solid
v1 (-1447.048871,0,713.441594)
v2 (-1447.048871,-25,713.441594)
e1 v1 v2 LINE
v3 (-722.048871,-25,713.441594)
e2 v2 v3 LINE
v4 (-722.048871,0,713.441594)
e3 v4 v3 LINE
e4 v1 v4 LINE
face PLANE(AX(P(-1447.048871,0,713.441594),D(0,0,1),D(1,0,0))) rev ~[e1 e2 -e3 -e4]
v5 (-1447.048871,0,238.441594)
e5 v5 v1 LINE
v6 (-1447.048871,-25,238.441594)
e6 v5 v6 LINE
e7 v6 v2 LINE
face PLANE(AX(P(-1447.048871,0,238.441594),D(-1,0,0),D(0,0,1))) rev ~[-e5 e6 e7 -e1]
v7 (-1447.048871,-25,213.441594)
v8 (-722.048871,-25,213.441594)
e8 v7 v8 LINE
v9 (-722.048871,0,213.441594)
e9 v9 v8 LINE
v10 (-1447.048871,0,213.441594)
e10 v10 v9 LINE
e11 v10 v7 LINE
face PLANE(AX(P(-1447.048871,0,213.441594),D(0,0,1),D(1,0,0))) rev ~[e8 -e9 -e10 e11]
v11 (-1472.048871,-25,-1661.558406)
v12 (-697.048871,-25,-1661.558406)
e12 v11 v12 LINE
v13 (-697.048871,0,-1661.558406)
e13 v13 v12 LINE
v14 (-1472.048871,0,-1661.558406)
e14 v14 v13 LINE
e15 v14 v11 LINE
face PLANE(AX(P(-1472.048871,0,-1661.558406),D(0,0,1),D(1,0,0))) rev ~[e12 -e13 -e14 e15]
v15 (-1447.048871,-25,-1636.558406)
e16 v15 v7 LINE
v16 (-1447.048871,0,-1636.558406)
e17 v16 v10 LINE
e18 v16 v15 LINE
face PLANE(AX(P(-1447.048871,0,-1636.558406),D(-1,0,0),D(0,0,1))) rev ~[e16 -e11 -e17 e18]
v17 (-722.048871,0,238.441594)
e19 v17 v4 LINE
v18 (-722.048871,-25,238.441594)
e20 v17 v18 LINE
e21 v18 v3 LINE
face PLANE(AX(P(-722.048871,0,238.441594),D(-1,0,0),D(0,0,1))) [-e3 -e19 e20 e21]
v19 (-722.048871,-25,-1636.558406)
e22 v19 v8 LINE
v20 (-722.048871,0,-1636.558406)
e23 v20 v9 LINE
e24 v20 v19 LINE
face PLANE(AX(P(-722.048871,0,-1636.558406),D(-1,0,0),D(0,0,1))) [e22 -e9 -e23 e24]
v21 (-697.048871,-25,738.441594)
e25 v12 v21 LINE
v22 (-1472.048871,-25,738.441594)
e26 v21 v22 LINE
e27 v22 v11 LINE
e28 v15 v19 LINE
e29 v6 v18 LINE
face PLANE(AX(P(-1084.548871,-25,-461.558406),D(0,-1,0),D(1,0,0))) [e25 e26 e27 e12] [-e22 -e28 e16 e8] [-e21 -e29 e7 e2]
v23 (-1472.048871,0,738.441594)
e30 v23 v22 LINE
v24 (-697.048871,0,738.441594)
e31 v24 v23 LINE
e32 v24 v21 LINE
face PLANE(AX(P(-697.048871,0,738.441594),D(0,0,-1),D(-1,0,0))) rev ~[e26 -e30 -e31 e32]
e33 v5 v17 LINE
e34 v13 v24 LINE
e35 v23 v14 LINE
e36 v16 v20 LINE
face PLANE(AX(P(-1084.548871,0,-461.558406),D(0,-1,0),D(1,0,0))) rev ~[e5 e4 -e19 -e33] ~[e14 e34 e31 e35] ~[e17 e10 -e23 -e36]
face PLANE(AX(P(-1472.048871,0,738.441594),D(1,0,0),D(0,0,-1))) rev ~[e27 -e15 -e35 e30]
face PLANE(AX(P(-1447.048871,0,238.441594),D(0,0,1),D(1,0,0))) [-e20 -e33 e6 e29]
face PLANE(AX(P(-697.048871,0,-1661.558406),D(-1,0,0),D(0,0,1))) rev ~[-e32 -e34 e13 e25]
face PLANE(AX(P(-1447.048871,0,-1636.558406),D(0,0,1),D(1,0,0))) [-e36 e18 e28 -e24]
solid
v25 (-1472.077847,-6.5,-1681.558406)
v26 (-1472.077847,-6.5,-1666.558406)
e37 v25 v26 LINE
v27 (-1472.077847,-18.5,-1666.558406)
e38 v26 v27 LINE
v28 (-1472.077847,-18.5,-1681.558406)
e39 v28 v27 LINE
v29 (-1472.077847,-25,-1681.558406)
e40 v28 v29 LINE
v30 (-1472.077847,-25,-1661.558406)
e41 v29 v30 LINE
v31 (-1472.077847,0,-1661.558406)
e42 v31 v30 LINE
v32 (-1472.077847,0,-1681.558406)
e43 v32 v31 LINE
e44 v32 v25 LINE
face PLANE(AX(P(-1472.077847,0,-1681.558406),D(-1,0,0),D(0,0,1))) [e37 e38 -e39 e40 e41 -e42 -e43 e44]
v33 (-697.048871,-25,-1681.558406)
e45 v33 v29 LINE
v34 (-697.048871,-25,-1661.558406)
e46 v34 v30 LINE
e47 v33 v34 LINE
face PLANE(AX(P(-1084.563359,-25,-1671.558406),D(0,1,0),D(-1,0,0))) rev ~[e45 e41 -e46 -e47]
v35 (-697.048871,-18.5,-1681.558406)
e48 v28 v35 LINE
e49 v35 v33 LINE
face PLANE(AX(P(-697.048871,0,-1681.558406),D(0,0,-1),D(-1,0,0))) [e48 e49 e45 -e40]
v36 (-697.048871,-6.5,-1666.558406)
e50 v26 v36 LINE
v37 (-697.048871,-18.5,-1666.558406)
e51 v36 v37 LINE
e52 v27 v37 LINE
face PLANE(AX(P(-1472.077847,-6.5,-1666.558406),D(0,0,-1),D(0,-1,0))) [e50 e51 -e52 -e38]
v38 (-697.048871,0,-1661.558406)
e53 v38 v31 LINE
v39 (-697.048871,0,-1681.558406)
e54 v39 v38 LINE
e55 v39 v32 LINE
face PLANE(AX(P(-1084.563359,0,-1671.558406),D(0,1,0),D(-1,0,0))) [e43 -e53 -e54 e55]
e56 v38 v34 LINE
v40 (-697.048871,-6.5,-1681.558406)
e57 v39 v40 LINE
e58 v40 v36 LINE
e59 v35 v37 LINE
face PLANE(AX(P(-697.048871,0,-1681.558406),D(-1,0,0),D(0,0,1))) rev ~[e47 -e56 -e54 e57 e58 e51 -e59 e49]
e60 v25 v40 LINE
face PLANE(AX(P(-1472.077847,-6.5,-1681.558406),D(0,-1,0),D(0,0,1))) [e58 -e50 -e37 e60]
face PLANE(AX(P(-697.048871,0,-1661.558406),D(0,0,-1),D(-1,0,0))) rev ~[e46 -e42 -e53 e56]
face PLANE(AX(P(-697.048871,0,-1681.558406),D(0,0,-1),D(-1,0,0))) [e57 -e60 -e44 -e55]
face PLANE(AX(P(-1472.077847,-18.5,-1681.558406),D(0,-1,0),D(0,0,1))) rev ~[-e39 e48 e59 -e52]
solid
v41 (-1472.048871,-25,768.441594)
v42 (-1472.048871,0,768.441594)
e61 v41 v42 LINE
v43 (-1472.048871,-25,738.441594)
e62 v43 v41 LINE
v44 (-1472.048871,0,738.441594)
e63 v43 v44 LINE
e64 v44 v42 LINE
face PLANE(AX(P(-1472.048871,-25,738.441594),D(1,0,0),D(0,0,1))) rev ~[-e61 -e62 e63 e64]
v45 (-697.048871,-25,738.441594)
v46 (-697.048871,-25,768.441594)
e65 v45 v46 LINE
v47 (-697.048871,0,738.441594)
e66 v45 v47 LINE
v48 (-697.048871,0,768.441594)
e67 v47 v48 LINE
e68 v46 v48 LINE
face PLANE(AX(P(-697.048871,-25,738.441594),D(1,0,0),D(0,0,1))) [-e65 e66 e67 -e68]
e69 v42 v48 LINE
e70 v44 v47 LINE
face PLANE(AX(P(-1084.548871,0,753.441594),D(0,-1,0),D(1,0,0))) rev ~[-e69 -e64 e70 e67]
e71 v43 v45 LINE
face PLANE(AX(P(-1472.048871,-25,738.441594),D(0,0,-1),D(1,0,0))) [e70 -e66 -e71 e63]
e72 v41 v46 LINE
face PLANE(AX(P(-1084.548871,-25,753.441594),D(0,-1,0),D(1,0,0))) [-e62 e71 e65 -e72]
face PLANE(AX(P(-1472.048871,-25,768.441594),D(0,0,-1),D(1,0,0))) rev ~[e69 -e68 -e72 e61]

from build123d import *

# Parameters (mm, degrees)
F0_W     = 725
F0_H     = 1850
F0_H_2   = 475
F1_DEPTH = 25
F2_W     = 775.028976
F2_H     = 20
F3_DEPTH = 25
F4_W     = 12
F4_H     = 15
F5_DEPTH = 775.029975
F6_W     = 775
F6_H     = 30
F7_DEPTH = 25


with BuildPart() as f1:
    # F0 (on Front) → F1 (new body)
    with BuildSketch(Plane.XZ):
        Polygon((-697.048871, 738.441594), (-1472.048871, 738.441594), (-1472.048871, 238.441594), (-1472.048871, -1661.558406), (-697.048871, -1661.558406), (-697.048871, -1636.558406), (-697.048871, 213.441594), (-697.048871, 238.441594), (-697.048871, 713.441594), align=None)
        with Locations((-1084.548871, -711.558406)):
            Rectangle(F0_W, F0_H, mode=Mode.SUBTRACT)
        with Locations((-1084.548871, 475.941594)):
            Rectangle(F0_W, F0_H_2, mode=Mode.SUBTRACT)
    extrude(amount=F1_DEPTH)


with BuildPart() as f3:
    # F2 (on face) → F3 (new body)
    with BuildSketch(Plane(origin=(0, 0, 0), x_dir=(-1, 0, 0), z_dir=(0, 1, 0))):
        with Locations((1084.563359, -1671.558406)):
            Rectangle(F2_W, F2_H)
    extrude(amount=-F3_DEPTH)

    # F4 (on face) → F5 (cut, through all)
    with BuildSketch(Plane(origin=(-1472.077847, 0, 0), x_dir=(0, -1, 0), z_dir=(-1, 0, 0))):
        with Locations((12.5, -1674.058406)):
            Rectangle(F4_W, F4_H)
    extrude(amount=-F5_DEPTH, mode=Mode.SUBTRACT)


with BuildPart() as f7:
    # F6 (on face) → F7 (new body)
    with BuildSketch(Plane.XZ.offset(25)):
        with Locations((-1084.548871, 753.441594)):
            Rectangle(F6_W, F6_H)
    extrude(amount=-F7_DEPTH)


solid = Compound([f1.part, f3.part, f7.part])
